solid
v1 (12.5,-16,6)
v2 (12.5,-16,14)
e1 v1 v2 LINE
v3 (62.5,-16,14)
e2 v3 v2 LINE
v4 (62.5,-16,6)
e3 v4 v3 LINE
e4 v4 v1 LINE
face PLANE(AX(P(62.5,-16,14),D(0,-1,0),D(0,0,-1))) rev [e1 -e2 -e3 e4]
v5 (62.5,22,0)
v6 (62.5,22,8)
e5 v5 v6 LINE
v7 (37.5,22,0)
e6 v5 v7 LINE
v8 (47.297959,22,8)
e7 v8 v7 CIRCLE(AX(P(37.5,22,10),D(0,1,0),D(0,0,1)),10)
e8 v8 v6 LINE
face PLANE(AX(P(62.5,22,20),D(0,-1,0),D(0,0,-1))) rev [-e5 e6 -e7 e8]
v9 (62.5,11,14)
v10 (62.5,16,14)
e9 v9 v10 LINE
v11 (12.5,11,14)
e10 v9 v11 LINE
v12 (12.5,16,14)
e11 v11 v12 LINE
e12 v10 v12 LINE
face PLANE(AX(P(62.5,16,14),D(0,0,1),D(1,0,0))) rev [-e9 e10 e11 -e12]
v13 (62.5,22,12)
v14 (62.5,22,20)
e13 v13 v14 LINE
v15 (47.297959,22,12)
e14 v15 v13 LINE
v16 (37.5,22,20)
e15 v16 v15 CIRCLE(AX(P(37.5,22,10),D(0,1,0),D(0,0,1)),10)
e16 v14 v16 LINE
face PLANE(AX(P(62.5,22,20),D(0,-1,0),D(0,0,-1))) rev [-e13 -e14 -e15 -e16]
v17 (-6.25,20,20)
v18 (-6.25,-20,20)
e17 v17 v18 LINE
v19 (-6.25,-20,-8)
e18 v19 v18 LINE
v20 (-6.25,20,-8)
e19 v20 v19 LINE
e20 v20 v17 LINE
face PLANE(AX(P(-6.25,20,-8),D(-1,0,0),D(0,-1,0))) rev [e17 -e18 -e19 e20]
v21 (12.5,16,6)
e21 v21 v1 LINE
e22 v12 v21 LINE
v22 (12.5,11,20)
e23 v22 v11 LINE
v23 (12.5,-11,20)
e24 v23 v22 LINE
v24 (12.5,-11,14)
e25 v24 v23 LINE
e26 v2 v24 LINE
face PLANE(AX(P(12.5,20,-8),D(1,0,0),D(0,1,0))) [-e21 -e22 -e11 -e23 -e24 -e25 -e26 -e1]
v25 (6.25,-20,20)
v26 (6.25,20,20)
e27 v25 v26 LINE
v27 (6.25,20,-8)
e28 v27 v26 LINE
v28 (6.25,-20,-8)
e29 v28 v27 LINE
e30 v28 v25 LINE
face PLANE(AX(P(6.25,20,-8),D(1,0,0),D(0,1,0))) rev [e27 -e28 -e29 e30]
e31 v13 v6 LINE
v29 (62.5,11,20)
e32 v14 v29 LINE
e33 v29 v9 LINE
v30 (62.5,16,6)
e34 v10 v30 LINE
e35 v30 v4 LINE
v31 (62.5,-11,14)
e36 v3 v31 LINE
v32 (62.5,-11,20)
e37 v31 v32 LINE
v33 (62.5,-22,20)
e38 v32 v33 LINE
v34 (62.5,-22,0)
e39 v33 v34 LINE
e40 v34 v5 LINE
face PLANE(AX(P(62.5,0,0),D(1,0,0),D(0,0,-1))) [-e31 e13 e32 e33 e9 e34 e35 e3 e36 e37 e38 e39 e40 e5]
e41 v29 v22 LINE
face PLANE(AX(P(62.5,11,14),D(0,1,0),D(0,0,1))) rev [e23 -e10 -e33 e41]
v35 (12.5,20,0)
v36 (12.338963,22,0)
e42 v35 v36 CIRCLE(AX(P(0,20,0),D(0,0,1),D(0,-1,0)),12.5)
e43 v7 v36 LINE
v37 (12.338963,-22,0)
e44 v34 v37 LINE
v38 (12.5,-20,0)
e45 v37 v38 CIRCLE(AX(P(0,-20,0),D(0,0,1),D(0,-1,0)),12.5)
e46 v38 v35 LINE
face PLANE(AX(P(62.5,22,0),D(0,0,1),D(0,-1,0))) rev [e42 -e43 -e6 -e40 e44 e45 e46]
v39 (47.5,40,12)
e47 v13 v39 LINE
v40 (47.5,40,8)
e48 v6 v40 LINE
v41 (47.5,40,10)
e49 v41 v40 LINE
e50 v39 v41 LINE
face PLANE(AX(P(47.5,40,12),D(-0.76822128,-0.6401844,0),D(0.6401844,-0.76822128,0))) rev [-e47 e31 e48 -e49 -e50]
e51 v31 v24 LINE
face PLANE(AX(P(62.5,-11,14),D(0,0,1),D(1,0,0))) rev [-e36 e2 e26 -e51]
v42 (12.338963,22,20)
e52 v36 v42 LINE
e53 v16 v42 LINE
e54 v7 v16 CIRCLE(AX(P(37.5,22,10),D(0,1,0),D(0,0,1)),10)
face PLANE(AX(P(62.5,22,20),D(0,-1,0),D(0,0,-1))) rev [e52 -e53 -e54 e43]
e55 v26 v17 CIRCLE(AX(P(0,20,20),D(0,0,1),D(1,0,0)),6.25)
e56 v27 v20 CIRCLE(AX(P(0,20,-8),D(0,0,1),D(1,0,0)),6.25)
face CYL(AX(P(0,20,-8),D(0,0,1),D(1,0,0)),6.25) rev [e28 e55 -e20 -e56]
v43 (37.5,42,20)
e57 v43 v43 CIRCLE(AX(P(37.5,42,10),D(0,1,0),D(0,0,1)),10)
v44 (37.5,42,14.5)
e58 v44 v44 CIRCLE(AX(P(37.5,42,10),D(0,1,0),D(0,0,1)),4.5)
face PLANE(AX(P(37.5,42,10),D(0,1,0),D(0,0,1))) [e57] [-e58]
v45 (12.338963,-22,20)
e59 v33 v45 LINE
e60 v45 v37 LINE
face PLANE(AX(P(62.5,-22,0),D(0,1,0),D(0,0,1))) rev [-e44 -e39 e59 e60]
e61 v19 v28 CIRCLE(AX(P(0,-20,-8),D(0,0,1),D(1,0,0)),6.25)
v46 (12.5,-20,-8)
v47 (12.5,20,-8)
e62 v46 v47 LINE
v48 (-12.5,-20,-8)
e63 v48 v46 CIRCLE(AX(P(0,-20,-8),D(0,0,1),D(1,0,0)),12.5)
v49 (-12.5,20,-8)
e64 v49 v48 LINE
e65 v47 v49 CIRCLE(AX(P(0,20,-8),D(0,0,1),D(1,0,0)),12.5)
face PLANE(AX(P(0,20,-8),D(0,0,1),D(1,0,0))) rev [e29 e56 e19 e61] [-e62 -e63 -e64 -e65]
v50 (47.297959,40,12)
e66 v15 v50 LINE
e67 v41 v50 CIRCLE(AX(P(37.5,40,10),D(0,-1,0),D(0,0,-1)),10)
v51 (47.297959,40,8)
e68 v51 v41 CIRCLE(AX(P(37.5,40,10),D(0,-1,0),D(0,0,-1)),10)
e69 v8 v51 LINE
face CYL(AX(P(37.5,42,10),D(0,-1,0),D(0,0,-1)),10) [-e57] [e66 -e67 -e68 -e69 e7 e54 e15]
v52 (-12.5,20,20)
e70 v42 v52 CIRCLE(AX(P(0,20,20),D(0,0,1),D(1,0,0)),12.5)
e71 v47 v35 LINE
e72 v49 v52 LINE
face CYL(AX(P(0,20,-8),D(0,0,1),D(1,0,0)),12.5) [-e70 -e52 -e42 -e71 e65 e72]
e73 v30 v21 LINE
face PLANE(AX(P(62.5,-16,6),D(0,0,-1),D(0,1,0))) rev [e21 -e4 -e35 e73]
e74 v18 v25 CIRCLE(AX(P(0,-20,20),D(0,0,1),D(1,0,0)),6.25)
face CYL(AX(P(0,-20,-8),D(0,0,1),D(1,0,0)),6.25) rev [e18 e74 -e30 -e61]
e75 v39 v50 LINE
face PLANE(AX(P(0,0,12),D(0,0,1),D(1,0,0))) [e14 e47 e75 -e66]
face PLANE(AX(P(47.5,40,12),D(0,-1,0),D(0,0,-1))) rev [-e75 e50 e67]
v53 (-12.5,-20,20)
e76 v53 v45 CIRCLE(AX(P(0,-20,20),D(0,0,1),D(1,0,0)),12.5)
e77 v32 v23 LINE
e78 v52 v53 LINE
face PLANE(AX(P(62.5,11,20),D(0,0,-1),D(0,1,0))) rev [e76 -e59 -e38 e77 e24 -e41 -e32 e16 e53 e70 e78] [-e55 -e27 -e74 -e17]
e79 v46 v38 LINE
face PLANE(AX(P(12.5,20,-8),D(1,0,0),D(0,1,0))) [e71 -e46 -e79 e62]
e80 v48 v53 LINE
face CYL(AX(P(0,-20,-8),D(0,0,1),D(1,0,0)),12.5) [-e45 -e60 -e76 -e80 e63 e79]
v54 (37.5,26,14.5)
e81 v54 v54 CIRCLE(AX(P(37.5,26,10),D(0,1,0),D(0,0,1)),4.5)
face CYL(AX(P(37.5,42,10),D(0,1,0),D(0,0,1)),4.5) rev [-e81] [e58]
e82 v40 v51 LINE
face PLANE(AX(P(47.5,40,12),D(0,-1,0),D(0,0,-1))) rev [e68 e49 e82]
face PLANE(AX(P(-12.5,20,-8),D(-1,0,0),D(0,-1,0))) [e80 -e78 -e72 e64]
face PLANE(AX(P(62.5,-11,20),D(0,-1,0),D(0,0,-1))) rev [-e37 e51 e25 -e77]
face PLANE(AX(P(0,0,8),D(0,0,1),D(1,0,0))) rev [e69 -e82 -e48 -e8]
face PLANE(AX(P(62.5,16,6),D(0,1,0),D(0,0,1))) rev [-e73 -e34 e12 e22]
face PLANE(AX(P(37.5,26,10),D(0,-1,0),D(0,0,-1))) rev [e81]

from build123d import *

# Parameters (mm, degrees)
BOSS_EXTRUDE1_DEPTH = 62.5
BOSS_EXTRUDE2_DEPTH = 28
CUT_EXTRUDE1_DEPTH  = 76.805672611
SKETCH5_R           = 10
BOSS_EXTRUDE3_DEPTH = 20
HOLE1_D             = 9
HOLE1_DEPTH         = 16
BOSS_EXTRUDE5_START = -10
BOSS_EXTRUDE5_DEPTH = 2


with BuildPart() as part:
    # Sketch1 → Boss-Extrude1 (new body)
    with BuildSketch(Plane(origin=(0, 0, 0), x_dir=(0, 0, -1), z_dir=(1, 0, 0))):
        Polygon((-14, 16), (-14, 11), (-20, 11), (-20, 22), (0, 22), (0, -22), (-20, -22), (-20, -11), (-14, -11), (-14, -16), (-6, -16), (-6, 16), align=None)
    extrude(amount=BOSS_EXTRUDE1_DEPTH)

    # Sketch3 → Boss-Extrude2 (add)
    with BuildSketch(Plane.XY.offset(20)):
        with BuildLine():
            Line((12.5, 20), (12.5, -20))
            ThreePointArc((12.5, -20), (0, -32.5), (-12.5, -20))
            Line((-12.5, -20), (-12.5, 20))
            ThreePointArc((-12.5, 20), (0, 32.5), (12.5, 20))
        make_face()
    extrude(amount=-BOSS_EXTRUDE2_DEPTH)

    # Sketch4 → Cut-Extrude1 (cut, through all)
    with BuildSketch(Plane.XY.offset(20)):
        with BuildLine():
            Line((6.25, 20), (6.25, -20))
            ThreePointArc((6.25, -20), (0, -26.25), (-6.25, -20))
            Line((-6.25, -20), (-6.25, 20))
            ThreePointArc((-6.25, 20), (0, 26.25), (6.25, 20))
        make_face()
    extrude(amount=-CUT_EXTRUDE1_DEPTH, mode=Mode.SUBTRACT)

    # Sketch5 → Boss-Extrude3 (add)
    with BuildSketch(Plane(origin=(0, 22, 0), x_dir=(1, 0, 0), z_dir=(0, 1, 0))):
        with Locations(Location((37.5, -10, 0), (0, 0, 270))):
            Circle(SKETCH5_R)
    extrude(amount=BOSS_EXTRUDE3_DEPTH)

    # Hole1
    with Locations(Plane(origin=(0, 42, 0), x_dir=(1, 0, 0), z_dir=(0, 1, 0))):
        with Locations((37.5, -10)):
            Hole(HOLE1_D / 2, depth=HOLE1_DEPTH)

    # Sketch9 → Boss-Extrude5 (add, symmetric)
    with BuildSketch(Plane.XY.offset(20).offset(BOSS_EXTRUDE5_START)):
        Polygon((47.5, 40), (62.5, 22), (47.5, 22), (46.5, 22), (46.5, 40), align=None)
    extrude(amount=BOSS_EXTRUDE5_DEPTH, both=True)


solid = part.part
